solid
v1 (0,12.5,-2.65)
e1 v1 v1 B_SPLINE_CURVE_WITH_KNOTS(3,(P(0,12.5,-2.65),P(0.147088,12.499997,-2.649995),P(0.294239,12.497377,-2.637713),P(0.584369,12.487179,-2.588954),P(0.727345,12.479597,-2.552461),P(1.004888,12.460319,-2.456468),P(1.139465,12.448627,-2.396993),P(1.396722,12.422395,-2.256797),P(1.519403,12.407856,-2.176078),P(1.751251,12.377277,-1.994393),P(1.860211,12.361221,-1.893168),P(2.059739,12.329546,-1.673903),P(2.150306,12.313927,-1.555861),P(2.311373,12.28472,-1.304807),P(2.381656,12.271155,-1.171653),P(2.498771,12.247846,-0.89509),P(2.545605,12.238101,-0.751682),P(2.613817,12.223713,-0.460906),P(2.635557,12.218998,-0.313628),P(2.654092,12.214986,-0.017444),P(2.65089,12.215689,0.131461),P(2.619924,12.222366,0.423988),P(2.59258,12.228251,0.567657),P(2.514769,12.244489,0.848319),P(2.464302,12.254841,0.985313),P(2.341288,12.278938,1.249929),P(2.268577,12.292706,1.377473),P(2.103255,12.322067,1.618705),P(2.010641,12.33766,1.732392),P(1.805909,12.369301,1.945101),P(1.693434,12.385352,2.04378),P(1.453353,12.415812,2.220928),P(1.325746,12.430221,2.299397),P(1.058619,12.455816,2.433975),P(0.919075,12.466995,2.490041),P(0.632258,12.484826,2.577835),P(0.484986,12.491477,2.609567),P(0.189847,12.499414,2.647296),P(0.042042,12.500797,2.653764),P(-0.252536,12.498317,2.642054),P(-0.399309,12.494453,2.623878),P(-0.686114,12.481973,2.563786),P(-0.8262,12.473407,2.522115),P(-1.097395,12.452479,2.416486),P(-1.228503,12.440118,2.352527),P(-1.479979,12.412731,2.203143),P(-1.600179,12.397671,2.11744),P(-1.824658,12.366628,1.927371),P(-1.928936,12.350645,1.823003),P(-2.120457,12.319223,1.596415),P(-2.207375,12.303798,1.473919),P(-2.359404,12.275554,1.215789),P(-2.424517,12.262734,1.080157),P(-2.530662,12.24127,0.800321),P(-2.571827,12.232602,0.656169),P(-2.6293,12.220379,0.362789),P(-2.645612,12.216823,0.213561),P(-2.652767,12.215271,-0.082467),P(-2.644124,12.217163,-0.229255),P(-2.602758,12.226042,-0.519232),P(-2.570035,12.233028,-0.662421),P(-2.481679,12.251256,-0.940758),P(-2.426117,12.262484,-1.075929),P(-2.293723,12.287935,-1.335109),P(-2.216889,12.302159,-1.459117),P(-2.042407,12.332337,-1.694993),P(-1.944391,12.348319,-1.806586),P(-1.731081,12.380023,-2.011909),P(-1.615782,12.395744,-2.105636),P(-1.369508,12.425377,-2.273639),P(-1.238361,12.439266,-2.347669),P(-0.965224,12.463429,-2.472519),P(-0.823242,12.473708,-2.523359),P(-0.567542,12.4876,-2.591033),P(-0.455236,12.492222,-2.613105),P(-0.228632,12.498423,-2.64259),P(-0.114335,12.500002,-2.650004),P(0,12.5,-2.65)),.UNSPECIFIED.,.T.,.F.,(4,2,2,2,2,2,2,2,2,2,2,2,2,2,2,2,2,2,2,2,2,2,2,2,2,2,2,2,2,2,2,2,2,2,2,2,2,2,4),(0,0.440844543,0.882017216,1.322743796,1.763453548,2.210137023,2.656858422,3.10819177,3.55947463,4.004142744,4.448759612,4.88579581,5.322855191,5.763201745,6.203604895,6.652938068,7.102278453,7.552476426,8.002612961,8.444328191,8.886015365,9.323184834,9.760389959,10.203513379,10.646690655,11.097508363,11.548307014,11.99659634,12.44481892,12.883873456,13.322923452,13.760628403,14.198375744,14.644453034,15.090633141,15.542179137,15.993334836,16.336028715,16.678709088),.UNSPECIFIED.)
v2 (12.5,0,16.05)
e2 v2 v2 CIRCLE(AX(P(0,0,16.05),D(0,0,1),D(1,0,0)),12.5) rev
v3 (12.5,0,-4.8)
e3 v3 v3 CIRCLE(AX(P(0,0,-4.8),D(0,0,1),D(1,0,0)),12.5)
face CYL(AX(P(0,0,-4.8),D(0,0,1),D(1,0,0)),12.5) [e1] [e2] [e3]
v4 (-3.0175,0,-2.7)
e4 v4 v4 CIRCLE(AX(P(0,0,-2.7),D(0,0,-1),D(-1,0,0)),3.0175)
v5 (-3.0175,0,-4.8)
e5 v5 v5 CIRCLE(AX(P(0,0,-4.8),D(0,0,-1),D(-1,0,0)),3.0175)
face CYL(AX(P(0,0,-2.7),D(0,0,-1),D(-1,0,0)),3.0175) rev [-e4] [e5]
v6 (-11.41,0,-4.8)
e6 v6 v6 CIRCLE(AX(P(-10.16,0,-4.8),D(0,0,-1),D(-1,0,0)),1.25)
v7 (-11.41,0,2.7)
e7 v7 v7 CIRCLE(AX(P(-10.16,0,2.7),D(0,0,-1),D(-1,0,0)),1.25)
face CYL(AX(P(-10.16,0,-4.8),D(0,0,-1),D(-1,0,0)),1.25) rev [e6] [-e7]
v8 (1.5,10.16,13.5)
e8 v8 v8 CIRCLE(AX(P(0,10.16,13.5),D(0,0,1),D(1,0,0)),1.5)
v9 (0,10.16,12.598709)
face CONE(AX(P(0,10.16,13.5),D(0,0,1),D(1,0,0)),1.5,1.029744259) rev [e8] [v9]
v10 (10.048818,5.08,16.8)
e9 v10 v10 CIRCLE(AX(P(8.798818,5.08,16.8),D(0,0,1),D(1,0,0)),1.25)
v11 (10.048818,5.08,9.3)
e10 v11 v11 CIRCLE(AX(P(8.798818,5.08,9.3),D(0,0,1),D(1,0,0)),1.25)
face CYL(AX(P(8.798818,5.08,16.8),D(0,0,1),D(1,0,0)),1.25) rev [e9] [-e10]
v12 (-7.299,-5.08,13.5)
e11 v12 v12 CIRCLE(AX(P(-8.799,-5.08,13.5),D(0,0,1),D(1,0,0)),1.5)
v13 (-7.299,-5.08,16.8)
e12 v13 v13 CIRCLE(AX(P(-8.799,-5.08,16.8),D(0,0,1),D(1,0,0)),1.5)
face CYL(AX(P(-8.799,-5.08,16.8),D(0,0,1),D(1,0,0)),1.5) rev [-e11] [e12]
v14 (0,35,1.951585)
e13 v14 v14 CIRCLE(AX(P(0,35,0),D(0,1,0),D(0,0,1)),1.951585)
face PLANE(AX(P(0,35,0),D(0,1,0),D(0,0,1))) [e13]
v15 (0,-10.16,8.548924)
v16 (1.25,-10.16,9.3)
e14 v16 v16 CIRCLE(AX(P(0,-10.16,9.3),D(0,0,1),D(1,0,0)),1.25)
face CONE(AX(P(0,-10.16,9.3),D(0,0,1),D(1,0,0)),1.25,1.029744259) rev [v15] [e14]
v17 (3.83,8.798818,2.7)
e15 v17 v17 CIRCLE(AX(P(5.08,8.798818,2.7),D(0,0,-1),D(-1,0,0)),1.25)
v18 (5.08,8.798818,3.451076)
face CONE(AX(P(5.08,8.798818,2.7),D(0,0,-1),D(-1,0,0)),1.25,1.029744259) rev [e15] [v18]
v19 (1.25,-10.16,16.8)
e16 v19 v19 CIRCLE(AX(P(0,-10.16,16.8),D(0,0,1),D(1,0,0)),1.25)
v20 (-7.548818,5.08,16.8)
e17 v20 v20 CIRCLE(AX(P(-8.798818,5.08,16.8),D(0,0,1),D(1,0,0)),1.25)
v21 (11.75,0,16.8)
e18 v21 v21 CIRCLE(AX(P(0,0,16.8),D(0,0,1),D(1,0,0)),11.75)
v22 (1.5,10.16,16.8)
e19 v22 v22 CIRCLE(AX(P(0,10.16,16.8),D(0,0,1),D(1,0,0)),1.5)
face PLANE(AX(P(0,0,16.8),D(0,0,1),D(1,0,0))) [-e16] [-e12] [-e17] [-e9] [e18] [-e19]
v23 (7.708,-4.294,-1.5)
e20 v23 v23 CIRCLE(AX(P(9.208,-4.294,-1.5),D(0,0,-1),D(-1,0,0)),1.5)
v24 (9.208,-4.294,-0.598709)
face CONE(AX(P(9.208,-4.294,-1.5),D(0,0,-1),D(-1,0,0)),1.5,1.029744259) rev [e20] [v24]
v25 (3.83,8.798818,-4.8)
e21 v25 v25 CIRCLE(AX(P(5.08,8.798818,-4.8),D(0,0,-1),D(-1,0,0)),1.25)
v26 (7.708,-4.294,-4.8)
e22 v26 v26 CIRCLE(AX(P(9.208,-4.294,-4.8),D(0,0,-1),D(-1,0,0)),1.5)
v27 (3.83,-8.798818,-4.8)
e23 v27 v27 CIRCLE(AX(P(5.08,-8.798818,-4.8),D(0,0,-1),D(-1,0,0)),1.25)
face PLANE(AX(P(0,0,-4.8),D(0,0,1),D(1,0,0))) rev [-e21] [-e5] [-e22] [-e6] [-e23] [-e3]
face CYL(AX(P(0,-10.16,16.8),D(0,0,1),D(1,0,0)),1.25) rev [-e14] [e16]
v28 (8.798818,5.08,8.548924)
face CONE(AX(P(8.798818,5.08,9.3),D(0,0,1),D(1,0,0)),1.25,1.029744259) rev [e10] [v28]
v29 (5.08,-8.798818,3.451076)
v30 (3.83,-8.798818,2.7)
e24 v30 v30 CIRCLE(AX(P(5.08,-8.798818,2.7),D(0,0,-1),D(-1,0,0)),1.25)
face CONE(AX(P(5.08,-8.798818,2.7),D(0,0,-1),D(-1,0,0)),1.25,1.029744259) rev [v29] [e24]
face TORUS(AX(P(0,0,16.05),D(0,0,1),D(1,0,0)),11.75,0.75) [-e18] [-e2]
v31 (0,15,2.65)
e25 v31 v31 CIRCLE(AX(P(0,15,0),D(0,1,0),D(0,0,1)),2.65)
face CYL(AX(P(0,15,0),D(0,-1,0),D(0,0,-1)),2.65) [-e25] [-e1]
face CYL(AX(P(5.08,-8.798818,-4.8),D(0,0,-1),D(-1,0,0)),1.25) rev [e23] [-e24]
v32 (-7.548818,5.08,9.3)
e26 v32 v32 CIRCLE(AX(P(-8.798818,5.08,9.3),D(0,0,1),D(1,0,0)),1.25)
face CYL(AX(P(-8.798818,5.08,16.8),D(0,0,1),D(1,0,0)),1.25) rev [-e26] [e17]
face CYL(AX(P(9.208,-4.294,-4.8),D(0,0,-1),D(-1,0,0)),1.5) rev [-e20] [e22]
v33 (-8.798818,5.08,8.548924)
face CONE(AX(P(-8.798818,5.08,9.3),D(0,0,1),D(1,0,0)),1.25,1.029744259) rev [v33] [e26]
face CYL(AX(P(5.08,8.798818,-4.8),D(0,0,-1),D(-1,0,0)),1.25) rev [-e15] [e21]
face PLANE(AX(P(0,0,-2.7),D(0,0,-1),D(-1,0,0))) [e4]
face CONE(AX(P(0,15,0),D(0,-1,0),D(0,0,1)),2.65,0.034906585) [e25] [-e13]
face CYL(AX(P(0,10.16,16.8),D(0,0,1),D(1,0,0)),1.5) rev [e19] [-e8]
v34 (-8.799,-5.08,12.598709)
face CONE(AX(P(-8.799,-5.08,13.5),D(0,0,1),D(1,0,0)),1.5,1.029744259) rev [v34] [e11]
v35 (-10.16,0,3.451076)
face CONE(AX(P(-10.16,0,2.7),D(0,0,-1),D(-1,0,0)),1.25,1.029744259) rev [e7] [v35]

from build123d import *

# Parameters (mm, degrees)
BOSS_EXTRUDE1_DEPTH                 = 16.8
BOSS_EXTRUDE1_DEPTH_BACK            = 4.8
SKETCH1_R                           = 12.5
CIRPATTERN1_COUNT                   = 3
F_3_0MM_CLEARANCE_DOWEL_HOLE1_D     = 3
F_3_0MM_CLEARANCE_DOWEL_HOLE1_DEPTH = 3.3
F_3_0MM_CLEARANCE_DOWEL_HOLE1_TIP   = 0.901290929
CIRPATTERN2_COUNT                   = 3
F_3_0MM_CLEARANCE_DOWEL_HOLE2_D     = 3
F_3_0MM_CLEARANCE_DOWEL_HOLE2_DEPTH = 3.3
F_3_0MM_CLEARANCE_DOWEL_HOLE2_TIP   = 0.901290929
SKETCH10_R                          = 3.0175
CUT_EXTRUDE1_DEPTH                  = 2.1
FILLET1_R                           = 0.75
SKETCH11_R                          = 2.65
BOSS_EXTRUDE2_DEPTH                 = 15
SKETCH12_R                          = 2.65
BOSS_EXTRUDE3_DEPTH                 = 20
BOSS_EXTRUDE3_TAPER                 = 2


with BuildPart() as part:
    # Sketch1 → Boss-Extrude1 (new, two sides: drawn at the far end of the back side and taken through both)
    with BuildSketch(Plane.XY.offset(-BOSS_EXTRUDE1_DEPTH_BACK)):
        Circle(SKETCH1_R)
    extrude(amount=BOSS_EXTRUDE1_DEPTH + BOSS_EXTRUDE1_DEPTH_BACK)

    # Sketch2 → M3x0.5 Tapped Hole1 (revolve, cut)
    with BuildSketch(Plane(origin=(0, -10.16, 16.8), x_dir=(0, -1, 0), z_dir=(1, 0, 0))):
        Polygon((0, 0), (0, 8.251075774), (1.25, 7.5), (1.25, 0), align=None)
    m3x0_5_tapped_hole1 = revolve(axis=Axis((0, -10.16, 23.15), (0, 0, -1)), mode=Mode.SUBTRACT)

    # CirPattern1: M3x0.5 Tapped Hole1 ×3 about axis
    cirpattern1_axis = Axis((0, 0, -88.99), (0, 0, 1))
    for i in range(1, CIRPATTERN1_COUNT):
        add(m3x0_5_tapped_hole1.rotate(cirpattern1_axis, i * 360 / CIRPATTERN1_COUNT), mode=Mode.SUBTRACT)

    # Ø3.0mm Clearance Dowel Hole1
    with Locations(Plane.XY.offset(16.8)):
        with Locations((-8.799, -5.08), (0, 10.16)):
            Hole(F_3_0MM_CLEARANCE_DOWEL_HOLE1_D / 2, depth=F_3_0MM_CLEARANCE_DOWEL_HOLE1_DEPTH)
            with Locations((0, 0, -(F_3_0MM_CLEARANCE_DOWEL_HOLE1_DEPTH + F_3_0MM_CLEARANCE_DOWEL_HOLE1_TIP / 2))):  # 118° drill point
                Cone(0, F_3_0MM_CLEARANCE_DOWEL_HOLE1_D / 2, F_3_0MM_CLEARANCE_DOWEL_HOLE1_TIP, mode=Mode.SUBTRACT)

    # Sketch6 → M3x0.5 Tapped Hole2 (revolve, cut)
    with BuildSketch(Plane(origin=(-10.16, 0, -4.8), x_dir=(0, 1, 0), z_dir=(1, 0, 0))):
        Polygon((0, 0), (0, 8.251075774), (1.25, 7.5), (1.25, 0), align=None)
    m3x0_5_tapped_hole2 = revolve(axis=Axis((-10.16, 0, -11.15), (0, 0, 1)), mode=Mode.SUBTRACT)

    # CirPattern2: M3x0.5 Tapped Hole2 ×3 about axis
    cirpattern2_axis = Axis((0, 0, -88.99), (0, 0, 1))
    for i in range(1, CIRPATTERN2_COUNT):
        add(m3x0_5_tapped_hole2.rotate(cirpattern2_axis, i * 360 / CIRPATTERN2_COUNT), mode=Mode.SUBTRACT)

    # Ø3.0mm Clearance Dowel Hole2
    with Locations(Plane(origin=(0, 0, -4.8), x_dir=(-1, 0, 0), z_dir=(0, 0, -1))):
        with Locations((-9.208, -4.294)):
            Hole(F_3_0MM_CLEARANCE_DOWEL_HOLE2_D / 2, depth=F_3_0MM_CLEARANCE_DOWEL_HOLE2_DEPTH)
            with Locations((0, 0, -(F_3_0MM_CLEARANCE_DOWEL_HOLE2_DEPTH + F_3_0MM_CLEARANCE_DOWEL_HOLE2_TIP / 2))):  # 118° drill point
                Cone(0, F_3_0MM_CLEARANCE_DOWEL_HOLE2_D / 2, F_3_0MM_CLEARANCE_DOWEL_HOLE2_TIP, mode=Mode.SUBTRACT)

    # Sketch10 → Cut-Extrude1 (cut)
    with BuildSketch(Plane(origin=(0, 0, -4.8), x_dir=(-1, 0, 0), z_dir=(0, 0, -1))):
        Circle(SKETCH10_R)
    extrude(amount=-CUT_EXTRUDE1_DEPTH, mode=Mode.SUBTRACT)

    # Fillet1
    fillet1_edges = [part.edges().sort_by_distance(p)[0] for p in [
        (-12.5, 0, 16.8),
    ]]
    fillet(fillet1_edges, radius=FILLET1_R)

    # Sketch11 → Boss-Extrude2 (add)
    with BuildSketch(Plane(origin=(0, 0, 0), x_dir=(1, 0, 0), z_dir=(0, 1, 0))):
        Circle(SKETCH11_R)
    extrude(amount=BOSS_EXTRUDE2_DEPTH)

    # Sketch12 → Boss-Extrude3 (add)
    with BuildSketch(Plane(origin=(0, 15, 0), x_dir=(1, 0, 0), z_dir=(0, 1, 0))):
        Circle(SKETCH12_R)
    extrude(amount=BOSS_EXTRUDE3_DEPTH, taper=BOSS_EXTRUDE3_TAPER)


solid = part.part
